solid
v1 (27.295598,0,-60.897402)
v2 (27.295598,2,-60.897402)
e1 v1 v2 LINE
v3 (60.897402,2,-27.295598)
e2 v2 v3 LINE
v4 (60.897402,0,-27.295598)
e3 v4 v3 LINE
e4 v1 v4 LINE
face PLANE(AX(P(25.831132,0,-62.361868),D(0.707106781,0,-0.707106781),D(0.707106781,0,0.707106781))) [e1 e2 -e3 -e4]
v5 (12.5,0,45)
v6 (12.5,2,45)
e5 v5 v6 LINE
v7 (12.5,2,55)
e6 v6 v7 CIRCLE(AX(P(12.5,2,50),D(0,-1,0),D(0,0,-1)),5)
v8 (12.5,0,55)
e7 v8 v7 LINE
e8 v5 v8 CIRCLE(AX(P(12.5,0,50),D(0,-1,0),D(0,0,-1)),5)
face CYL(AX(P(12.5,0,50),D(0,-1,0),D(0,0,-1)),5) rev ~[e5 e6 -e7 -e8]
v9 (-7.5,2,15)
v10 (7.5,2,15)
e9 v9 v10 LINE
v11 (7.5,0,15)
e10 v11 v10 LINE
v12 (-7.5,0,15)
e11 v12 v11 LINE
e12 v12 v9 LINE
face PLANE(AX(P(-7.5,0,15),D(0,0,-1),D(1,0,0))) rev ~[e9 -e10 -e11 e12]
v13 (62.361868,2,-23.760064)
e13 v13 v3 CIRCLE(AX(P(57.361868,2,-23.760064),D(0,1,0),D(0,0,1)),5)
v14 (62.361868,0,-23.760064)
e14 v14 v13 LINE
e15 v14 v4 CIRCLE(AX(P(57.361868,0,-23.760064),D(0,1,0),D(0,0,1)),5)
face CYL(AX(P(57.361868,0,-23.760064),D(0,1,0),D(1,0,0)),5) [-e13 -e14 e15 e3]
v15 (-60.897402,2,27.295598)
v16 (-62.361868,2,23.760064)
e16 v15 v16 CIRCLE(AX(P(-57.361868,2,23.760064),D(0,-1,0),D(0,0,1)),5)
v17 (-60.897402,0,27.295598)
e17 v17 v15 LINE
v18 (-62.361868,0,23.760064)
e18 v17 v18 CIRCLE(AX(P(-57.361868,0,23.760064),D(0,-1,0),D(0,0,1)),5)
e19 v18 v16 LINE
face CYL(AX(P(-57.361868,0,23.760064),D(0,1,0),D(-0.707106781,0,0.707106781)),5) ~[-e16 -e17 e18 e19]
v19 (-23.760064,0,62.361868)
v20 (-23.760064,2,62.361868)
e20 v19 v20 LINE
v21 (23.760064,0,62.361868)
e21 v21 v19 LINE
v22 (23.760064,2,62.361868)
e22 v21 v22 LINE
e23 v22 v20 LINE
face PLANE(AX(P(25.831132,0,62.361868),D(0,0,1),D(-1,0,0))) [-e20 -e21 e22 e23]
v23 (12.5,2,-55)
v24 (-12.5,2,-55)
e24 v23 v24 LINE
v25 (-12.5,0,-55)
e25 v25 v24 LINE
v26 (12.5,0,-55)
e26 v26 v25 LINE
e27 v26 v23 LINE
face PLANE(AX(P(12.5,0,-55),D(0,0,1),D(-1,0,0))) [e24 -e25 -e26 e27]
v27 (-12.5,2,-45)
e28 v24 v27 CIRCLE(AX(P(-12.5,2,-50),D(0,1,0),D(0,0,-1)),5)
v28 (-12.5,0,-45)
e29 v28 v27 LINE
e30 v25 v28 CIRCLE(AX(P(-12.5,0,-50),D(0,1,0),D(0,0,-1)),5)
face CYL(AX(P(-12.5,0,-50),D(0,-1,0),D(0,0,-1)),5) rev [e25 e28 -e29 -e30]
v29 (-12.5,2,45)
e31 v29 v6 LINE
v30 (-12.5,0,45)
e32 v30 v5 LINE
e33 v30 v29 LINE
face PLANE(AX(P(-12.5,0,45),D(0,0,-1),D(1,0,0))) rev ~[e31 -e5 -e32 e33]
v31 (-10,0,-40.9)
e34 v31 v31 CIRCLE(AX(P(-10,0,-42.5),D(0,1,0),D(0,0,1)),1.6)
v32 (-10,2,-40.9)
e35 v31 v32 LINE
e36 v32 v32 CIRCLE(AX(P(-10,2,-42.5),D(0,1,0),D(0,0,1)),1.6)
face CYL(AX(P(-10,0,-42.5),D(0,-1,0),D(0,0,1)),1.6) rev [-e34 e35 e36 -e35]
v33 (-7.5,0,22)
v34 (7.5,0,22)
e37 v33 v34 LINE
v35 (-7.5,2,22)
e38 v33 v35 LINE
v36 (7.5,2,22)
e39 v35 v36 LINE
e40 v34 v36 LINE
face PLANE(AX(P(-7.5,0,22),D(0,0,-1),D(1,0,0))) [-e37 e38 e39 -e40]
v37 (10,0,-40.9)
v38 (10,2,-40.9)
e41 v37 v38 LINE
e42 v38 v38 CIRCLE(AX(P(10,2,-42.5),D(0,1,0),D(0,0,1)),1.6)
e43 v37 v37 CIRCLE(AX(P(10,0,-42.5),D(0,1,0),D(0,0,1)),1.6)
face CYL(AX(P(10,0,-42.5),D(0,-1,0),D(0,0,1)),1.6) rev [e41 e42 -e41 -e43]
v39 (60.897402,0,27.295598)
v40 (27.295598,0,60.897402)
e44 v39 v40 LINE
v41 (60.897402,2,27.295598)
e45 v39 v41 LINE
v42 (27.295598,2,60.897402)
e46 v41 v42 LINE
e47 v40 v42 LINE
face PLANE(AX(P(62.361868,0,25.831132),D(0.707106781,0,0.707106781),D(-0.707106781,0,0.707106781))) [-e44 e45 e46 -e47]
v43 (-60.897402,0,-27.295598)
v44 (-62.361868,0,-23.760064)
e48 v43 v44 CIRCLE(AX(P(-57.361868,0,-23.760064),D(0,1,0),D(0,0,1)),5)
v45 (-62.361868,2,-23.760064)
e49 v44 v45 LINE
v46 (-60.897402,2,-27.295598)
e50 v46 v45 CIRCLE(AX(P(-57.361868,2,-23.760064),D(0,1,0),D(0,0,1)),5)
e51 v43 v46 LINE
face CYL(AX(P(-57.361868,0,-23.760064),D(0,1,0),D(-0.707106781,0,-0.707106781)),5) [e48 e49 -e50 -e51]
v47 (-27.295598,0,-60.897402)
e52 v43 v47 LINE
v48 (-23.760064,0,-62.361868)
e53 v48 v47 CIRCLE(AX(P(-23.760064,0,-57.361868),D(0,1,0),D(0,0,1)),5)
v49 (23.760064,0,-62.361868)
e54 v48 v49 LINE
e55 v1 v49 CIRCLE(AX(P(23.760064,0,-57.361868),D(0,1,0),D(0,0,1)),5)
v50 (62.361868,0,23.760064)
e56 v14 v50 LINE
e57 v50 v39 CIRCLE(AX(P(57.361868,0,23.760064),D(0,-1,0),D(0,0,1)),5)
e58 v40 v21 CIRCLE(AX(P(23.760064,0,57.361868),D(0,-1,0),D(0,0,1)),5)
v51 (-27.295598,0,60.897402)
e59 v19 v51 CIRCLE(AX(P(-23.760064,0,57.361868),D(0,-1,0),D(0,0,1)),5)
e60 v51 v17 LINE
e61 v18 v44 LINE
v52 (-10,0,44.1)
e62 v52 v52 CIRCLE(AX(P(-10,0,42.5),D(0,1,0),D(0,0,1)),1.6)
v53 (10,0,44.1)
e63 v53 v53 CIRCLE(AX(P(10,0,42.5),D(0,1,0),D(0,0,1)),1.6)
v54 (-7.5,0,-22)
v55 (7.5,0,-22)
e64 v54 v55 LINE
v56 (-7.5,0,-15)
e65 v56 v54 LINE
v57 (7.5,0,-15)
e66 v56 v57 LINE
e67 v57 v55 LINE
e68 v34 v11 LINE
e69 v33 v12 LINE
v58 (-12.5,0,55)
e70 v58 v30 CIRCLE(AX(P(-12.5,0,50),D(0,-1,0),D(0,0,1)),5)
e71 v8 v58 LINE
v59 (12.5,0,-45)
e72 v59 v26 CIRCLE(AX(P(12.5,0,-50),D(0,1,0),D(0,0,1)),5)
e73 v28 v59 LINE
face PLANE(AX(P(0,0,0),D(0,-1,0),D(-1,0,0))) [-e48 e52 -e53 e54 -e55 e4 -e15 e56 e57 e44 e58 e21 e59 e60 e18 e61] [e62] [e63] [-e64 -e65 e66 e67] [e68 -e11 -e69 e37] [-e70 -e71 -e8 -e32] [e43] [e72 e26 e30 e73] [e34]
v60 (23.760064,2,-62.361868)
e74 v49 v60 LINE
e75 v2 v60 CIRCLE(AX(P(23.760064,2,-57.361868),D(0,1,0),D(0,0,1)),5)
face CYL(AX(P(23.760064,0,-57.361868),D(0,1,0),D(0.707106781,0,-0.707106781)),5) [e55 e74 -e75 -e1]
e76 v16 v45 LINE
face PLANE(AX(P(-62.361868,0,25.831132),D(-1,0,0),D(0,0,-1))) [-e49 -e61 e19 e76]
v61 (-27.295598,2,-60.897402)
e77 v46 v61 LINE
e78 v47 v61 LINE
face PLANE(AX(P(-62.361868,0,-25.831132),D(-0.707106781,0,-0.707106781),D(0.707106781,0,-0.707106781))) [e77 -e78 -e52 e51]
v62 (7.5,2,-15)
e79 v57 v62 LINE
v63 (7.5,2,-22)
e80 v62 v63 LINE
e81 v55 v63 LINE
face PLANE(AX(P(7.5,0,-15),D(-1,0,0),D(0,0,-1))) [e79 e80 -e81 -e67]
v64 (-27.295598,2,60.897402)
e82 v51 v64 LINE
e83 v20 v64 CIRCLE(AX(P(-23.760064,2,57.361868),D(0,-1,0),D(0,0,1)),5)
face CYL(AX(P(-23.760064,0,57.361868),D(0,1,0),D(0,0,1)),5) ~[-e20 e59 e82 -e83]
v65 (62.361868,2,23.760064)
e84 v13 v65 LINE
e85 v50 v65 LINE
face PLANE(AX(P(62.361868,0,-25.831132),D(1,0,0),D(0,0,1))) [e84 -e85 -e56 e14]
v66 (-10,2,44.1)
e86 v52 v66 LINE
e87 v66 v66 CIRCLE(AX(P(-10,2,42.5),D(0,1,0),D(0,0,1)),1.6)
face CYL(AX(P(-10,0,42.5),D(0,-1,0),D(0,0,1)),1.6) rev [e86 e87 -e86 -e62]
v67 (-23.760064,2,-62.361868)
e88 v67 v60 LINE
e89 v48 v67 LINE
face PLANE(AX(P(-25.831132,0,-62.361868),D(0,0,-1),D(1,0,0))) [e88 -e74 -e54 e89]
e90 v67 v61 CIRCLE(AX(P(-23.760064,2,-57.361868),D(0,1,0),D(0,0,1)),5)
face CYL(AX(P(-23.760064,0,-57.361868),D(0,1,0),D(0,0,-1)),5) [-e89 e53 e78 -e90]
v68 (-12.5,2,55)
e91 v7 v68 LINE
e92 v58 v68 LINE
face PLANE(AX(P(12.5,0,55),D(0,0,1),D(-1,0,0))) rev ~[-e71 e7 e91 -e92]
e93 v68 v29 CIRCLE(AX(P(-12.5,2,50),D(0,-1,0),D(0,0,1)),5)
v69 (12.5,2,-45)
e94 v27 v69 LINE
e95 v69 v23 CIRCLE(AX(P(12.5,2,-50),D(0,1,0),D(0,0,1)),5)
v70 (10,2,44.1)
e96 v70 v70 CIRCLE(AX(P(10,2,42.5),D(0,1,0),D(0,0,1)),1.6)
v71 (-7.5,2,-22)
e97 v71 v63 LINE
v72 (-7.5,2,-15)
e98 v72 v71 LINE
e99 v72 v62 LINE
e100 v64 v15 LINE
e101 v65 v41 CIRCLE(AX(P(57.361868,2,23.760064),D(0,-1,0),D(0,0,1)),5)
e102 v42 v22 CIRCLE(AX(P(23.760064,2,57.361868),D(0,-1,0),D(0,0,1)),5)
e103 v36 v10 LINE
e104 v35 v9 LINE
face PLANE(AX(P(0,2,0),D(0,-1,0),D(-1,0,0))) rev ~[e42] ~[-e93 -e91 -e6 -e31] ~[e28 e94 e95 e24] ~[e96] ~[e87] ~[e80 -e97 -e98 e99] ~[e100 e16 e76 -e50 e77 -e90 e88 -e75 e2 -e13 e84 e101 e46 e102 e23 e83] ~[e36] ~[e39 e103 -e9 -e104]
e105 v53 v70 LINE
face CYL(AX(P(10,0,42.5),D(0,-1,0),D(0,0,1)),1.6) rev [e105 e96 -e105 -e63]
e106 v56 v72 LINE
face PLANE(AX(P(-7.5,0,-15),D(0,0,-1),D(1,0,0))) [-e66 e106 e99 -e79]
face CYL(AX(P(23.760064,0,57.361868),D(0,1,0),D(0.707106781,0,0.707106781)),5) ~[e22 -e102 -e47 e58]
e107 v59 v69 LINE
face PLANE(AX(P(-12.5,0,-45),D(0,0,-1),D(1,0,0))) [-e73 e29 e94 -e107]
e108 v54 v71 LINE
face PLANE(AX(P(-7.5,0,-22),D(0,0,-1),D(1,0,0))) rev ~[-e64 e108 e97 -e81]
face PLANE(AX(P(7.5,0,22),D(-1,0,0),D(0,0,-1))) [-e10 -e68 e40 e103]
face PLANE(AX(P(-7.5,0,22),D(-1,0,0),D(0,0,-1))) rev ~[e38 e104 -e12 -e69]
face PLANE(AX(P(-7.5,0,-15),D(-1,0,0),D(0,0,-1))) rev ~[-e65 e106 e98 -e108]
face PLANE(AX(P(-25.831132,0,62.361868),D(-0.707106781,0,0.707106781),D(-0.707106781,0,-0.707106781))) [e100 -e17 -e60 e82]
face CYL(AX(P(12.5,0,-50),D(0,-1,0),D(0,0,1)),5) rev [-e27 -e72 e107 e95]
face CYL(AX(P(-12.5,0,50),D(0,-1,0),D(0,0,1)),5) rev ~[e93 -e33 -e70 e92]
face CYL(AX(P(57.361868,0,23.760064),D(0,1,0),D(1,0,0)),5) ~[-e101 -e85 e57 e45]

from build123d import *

# Parameters (mm, degrees)
SKETCH1_R           = 1.6
SKETCH1_W           = 15
SKETCH1_H           = 7
BOSS_EXTRUDE1_DEPTH = 2
FILLET1_R           = 5


with BuildPart() as part:
    # Sketch1 → Boss-Extrude1 (new body)
    with BuildSketch(Plane(origin=(0, 0, 0), x_dir=(1, 0, 0), z_dir=(0, 1, 0))):
        Polygon((62.361868445, 25.831131685), (62.361868445, -25.831131685), (25.831131685, -62.361868445), (-25.831131685, -62.361868445), (-62.361868445, -25.831131685), (-62.361868445, 25.831131685), (-25.831131685, 62.361868445), (25.831131685, 62.361868445), align=None)
        with Locations(Location((10, -42.5, 0), (0, 0, 270))):
            Circle(SKETCH1_R, mode=Mode.SUBTRACT)
        with Locations(Location((-10, -42.5, 0), (0, 0, 270))):
            Circle(SKETCH1_R, mode=Mode.SUBTRACT)
        with Locations(Location((-10, 42.5, 0), (0, 0, 270))):
            Circle(SKETCH1_R, mode=Mode.SUBTRACT)
        with Locations(Location((10, 42.5, 0), (0, 0, 270))):
            Circle(SKETCH1_R, mode=Mode.SUBTRACT)
        with BuildLine():
            Line((12.5, -55), (-12.5, -55))
            ThreePointArc((-12.5, -55), (-17.5, -50), (-12.5, -45))
            Line((-12.5, -45), (12.5, -45))
            ThreePointArc((12.5, -45), (17.5, -50), (12.5, -55))
        make_face(mode=Mode.SUBTRACT)
        with BuildLine():
            Line((12.5, 55), (-12.5, 55))
            ThreePointArc((-12.5, 55), (-17.5, 50), (-12.5, 45))
            Line((-12.5, 45), (12.5, 45))
            ThreePointArc((12.5, 45), (17.5, 50), (12.5, 55))
        make_face(mode=Mode.SUBTRACT)
        with Locations((0, -18.5)):
            Rectangle(SKETCH1_W, SKETCH1_H, mode=Mode.SUBTRACT)
        with Locations((0, 18.5)):
            Rectangle(SKETCH1_W, SKETCH1_H, mode=Mode.SUBTRACT)
    extrude(amount=BOSS_EXTRUDE1_DEPTH)

    # Fillet1
    fillet1_edges = [part.edges().sort_by_distance(p)[0] for p in [
        (-62.361868445, 1, -25.831131685),
        (-25.831131685, 1, -62.361868445),
        (25.831131685, 1, -62.361868445),
        (62.361868445, 1, -25.831131685),
        (62.361868445, 1, 25.831131685),
        (25.831131685, 1, 62.361868445),
        (-25.831131685, 1, 62.361868445),
        (-62.361868445, 1, 25.831131685),
    ]]
    fillet(fillet1_edges, radius=FILLET1_R)


solid = part.part
